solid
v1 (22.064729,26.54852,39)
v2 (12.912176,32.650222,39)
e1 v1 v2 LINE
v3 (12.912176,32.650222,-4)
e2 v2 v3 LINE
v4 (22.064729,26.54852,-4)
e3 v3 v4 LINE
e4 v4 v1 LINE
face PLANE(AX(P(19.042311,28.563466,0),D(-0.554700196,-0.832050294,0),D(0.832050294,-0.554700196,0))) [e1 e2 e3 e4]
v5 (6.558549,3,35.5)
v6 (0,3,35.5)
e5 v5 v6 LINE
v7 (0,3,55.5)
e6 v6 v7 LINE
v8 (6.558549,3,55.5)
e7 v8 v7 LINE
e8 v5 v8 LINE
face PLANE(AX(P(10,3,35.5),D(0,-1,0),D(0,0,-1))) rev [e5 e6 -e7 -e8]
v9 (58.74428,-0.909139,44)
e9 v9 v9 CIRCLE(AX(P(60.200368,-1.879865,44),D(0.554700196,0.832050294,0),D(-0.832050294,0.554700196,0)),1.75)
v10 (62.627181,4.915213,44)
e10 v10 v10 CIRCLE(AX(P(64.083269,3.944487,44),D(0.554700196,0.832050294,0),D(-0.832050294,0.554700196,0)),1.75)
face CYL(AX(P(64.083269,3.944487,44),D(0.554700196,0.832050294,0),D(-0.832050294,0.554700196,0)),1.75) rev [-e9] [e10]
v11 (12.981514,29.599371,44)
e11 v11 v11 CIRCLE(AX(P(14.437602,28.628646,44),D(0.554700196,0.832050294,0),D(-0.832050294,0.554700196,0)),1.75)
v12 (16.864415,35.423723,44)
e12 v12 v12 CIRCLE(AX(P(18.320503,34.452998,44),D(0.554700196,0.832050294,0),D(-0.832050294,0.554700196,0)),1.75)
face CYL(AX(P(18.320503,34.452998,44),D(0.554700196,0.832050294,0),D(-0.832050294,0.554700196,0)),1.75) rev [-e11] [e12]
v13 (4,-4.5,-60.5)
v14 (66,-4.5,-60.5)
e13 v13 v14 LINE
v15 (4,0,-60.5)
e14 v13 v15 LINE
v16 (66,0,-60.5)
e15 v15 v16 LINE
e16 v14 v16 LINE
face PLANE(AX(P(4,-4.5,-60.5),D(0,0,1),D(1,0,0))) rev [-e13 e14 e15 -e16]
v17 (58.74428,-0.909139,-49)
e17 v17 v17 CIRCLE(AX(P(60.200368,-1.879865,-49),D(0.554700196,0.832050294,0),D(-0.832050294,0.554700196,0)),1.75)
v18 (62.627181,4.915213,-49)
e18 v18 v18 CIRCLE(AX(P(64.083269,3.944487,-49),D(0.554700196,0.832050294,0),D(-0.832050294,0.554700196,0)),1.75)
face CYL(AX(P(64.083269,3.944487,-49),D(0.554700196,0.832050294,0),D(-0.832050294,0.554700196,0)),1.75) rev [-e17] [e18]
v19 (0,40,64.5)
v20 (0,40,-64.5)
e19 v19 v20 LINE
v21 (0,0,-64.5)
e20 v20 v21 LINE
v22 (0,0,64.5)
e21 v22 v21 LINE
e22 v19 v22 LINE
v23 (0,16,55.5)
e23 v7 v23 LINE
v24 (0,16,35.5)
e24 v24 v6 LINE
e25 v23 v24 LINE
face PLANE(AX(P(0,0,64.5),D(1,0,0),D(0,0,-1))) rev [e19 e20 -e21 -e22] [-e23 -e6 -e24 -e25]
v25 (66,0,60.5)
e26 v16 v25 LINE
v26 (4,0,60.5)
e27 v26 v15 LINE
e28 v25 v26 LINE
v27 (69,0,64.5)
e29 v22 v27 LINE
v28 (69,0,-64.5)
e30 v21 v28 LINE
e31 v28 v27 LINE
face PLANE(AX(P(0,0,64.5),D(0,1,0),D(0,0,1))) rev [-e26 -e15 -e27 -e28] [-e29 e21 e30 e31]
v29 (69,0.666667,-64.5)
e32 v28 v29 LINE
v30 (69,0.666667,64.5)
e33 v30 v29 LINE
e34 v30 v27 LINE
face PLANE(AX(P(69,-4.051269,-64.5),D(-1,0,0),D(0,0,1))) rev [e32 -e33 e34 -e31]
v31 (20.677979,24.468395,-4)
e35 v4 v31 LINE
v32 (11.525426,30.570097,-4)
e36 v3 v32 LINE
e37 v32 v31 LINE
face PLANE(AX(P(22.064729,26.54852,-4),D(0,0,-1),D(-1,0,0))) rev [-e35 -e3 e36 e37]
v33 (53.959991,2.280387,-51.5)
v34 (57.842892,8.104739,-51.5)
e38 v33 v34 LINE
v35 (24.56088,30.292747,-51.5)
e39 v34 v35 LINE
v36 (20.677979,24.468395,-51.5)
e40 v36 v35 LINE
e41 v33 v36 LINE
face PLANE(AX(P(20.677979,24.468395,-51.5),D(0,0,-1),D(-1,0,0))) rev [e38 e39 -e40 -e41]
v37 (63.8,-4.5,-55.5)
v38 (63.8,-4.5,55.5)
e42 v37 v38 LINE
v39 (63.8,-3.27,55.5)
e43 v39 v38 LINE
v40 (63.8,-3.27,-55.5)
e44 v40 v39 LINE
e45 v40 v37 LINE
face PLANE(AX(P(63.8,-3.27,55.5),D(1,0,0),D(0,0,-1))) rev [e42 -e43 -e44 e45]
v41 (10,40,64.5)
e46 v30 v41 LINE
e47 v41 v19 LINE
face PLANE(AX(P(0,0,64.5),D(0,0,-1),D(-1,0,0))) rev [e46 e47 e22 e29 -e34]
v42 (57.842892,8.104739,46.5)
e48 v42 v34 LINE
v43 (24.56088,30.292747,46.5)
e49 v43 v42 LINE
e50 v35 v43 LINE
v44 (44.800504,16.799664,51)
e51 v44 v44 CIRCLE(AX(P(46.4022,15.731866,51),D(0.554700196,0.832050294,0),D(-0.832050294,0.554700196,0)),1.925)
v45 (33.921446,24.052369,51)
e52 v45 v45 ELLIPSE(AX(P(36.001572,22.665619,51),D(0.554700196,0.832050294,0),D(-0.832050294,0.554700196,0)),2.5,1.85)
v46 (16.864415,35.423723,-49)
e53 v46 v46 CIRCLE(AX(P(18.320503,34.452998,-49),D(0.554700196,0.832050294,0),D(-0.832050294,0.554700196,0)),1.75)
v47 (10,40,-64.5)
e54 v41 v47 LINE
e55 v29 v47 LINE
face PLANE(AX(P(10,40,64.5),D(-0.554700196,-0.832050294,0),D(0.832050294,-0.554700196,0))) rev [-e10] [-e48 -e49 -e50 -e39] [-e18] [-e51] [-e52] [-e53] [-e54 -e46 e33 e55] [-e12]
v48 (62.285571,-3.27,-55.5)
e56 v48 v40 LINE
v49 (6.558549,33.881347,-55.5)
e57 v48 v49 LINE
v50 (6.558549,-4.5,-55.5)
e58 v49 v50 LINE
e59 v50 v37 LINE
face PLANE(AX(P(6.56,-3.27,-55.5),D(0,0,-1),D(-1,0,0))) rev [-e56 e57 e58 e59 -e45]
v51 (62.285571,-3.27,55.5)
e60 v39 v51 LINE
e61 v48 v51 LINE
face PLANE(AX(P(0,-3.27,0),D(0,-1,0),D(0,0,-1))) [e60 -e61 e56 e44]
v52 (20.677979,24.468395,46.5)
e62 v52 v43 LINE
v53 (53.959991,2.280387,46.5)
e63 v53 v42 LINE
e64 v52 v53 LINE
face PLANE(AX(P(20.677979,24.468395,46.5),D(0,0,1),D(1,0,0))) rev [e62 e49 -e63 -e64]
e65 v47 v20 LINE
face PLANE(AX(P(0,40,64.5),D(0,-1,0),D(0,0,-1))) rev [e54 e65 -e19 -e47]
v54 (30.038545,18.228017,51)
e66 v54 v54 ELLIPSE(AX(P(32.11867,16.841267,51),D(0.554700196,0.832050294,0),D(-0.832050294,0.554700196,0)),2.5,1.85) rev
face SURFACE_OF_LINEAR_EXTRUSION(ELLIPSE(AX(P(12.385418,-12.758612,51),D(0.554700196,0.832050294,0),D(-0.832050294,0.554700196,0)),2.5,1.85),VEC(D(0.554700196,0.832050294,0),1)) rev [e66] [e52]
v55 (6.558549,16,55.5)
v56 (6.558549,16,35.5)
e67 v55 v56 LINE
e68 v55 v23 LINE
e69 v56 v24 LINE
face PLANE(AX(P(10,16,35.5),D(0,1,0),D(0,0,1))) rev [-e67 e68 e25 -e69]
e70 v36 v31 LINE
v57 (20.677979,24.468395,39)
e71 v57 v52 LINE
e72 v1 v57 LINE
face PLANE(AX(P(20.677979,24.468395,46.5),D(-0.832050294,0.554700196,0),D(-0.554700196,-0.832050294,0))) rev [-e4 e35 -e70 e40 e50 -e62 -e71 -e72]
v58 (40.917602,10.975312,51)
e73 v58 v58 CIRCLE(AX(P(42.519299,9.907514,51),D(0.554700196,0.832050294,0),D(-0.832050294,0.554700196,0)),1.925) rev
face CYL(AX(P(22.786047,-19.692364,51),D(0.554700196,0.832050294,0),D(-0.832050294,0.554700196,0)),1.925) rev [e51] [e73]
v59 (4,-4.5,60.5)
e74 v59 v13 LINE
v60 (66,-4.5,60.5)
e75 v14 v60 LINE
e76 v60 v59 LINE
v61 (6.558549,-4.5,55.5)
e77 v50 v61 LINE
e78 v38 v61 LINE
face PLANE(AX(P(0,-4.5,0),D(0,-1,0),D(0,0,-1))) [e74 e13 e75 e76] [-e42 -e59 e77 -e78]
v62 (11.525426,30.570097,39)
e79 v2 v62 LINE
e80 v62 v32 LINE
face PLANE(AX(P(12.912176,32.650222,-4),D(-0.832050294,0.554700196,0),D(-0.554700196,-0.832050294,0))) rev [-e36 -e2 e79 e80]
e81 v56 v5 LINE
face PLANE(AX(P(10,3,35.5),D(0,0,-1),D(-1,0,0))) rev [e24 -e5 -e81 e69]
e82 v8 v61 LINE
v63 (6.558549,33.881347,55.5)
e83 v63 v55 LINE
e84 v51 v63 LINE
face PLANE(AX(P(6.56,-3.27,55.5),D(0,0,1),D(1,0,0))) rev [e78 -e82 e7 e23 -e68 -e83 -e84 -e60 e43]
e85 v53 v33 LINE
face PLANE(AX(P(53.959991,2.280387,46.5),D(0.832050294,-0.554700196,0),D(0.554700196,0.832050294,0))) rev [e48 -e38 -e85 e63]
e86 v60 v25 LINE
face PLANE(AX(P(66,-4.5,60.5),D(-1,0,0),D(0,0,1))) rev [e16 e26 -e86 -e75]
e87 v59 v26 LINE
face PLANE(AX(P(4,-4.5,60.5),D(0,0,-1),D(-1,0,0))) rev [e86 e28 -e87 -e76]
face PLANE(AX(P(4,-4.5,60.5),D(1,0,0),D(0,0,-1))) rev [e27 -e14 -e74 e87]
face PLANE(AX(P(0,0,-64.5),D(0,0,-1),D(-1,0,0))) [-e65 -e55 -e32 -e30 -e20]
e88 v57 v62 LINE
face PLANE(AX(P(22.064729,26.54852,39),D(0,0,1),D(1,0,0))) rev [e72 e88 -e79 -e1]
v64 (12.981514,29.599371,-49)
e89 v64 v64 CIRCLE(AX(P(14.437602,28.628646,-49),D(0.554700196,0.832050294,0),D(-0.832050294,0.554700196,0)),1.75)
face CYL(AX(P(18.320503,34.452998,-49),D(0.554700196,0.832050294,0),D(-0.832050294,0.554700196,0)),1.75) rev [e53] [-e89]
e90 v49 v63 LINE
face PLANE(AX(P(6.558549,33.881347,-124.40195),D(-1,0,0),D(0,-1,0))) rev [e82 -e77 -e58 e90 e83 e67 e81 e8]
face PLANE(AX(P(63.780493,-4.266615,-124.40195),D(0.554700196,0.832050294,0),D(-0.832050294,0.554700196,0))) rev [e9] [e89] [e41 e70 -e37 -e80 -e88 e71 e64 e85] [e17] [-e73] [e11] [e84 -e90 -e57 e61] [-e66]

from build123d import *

# Parameters (mm, degrees)
BOSS_EXTRUDE1_DEPTH       = 64.5
SKETCH3_W                 = 62
SKETCH3_H                 = 121
BOSS_EXTRUDE3_DEPTH       = 4.5
SKETCH6_W                 = 40
SKETCH6_H                 = 98
CUT_EXTRUDE3_DEPTH        = 7
SKETCH5_W                 = 57.24
SKETCH5_H                 = 111
CUT_EXTRUDE2_DEPTH        = 1.23
CUT_EXTRUDE1_DEPTH        = 111
CUT_EXTRUDE4_REACH        = 90.677
SKETCH7_R                 = 1.925
SKETCH7_RX                = 2.5
SKETCH7_RY                = 1.85
F_1_0MM_DOWEL_HOLE1_D     = 3.5
F_1_0MM_DOWEL_HOLE1_DEPTH = 7
SKETCH10_W                = 20
SKETCH10_H                = 13
CUT_EXTRUDE5_DEPTH        = 10
SKETCH11_W                = 11
SKETCH11_H                = 43
CUT_EXTRUDE6_DEPTH        = 2.5
SKETCH12_W                = 2
SKETCH12_H                = 8.260777535
CUT_EXTRUDE7_DEPTH        = 153.121661837


with BuildPart() as part:
    # Sketch1 → Boss-Extrude1 (new, symmetric)
    with BuildSketch(Plane.XY):
        Polygon((0, 0), (70, 0), (10, 40), (0, 40), align=None)
    extrude(amount=BOSS_EXTRUDE1_DEPTH, both=True)

    # Sketch3 → Boss-Extrude3 (add)
    with BuildSketch(Plane.XZ):
        with Locations((35, 0)):
            Rectangle(SKETCH3_W, SKETCH3_H)
    extrude(amount=BOSS_EXTRUDE3_DEPTH)

    # Sketch6 → Cut-Extrude3 (cut)
    with BuildSketch(Plane(origin=(21.538461538, 32.307692308, 0), x_dir=(0.8320502943378438, -0.5547001962252291, 0), z_dir=(0.5547001962252291, 0.8320502943378438, 0))):
        with Locations((23.632495094, 2.5)):
            Rectangle(SKETCH6_W, SKETCH6_H)
    extrude(amount=-CUT_EXTRUDE3_DEPTH, mode=Mode.SUBTRACT)

    # Sketch5 → Cut-Extrude2 (cut)
    with BuildSketch(Plane.XZ.offset(4.5)):
        with Locations((35.18, 0)):
            Rectangle(SKETCH5_W, SKETCH5_H)
    extrude(amount=-CUT_EXTRUDE2_DEPTH, mode=Mode.SUBTRACT)

    # Sketch4 → Cut-Extrude1 (cut)
    with BuildSketch(Plane.XY.offset(55.5)):
        Polygon((63.780493494, -4.266615306), (6.558549313, 33.881347482), (6.558549313, -4.5), (63.780493494, -4.5), align=None)
    extrude(amount=-CUT_EXTRUDE1_DEPTH, mode=Mode.SUBTRACT)

    # Sketch7 → Cut-Extrude4 (cut, up to next)
    with BuildSketch(Plane(origin=(21.538461538, 32.307692308, 0), x_dir=(0.8320502943378438, -0.5547001962252291, 0), z_dir=(0.5547001962252291, 0.8320502943378438, 0)), mode=Mode.PRIVATE) as cut_extrude4_sk1:
        with Locations(Location((29.882495094, -51, 0), (0, 0, 180))):
            Circle(SKETCH7_R)
    cut_extrude4_tool1 = extrude(cut_extrude4_sk1.sketch, amount=-CUT_EXTRUDE4_REACH, mode=Mode.PRIVATE) & part.part
    # Sketch7 → Cut-Extrude4 (cut, up to next)
    with BuildSketch(Plane(origin=(21.538461538, 32.307692308, 0), x_dir=(0.8320502943378438, -0.5547001962252291, 0), z_dir=(0.5547001962252291, 0.8320502943378438, 0)), mode=Mode.PRIVATE) as cut_extrude4_sk2:
        with Locations((17.382495094, -51)):
            Ellipse(SKETCH7_RX, SKETCH7_RY)
    cut_extrude4_tool2 = extrude(cut_extrude4_sk2.sketch, amount=-CUT_EXTRUDE4_REACH, mode=Mode.PRIVATE) & part.part
    add(cut_extrude4_tool1.solids().sort_by_distance((46.4022, 15.731866, 51))[0], mode=Mode.SUBTRACT)
    add(cut_extrude4_tool2.solids().sort_by_distance((36.001572, 22.665619, 51))[0], mode=Mode.SUBTRACT)

    # Ø1.0mm Dowel Hole1
    with Locations(Plane(origin=(21.538461538, 32.307692308, 0), x_dir=(0.8320502943378438, -0.5547001962252291, 0), z_dir=(0.5547001962252291, 0.8320502943378438, 0))):
        with Locations((-3.867504906, -44), (-3.867504906, 49), (51.132495094, 49), (51.132495094, -44)):
            Hole(F_1_0MM_DOWEL_HOLE1_D / 2, depth=F_1_0MM_DOWEL_HOLE1_DEPTH)

    # Sketch10 → Cut-Extrude5 (cut)
    with BuildSketch(Plane.ZY):
        with Locations((45.5, 9.5)):
            Rectangle(SKETCH10_W, SKETCH10_H)
    extrude(amount=-CUT_EXTRUDE5_DEPTH, mode=Mode.SUBTRACT)

    # Sketch11 → Cut-Extrude6 (cut)
    with BuildSketch(Plane(origin=(17.655560165, 26.483340247, 0), x_dir=(0.8320502943378436, -0.5547001962252294, 0), z_dir=(-0.5547001962252293, -0.8320502943378435, 0))):
        with Locations((-1.867504906, 17.5)):
            Rectangle(SKETCH11_W, SKETCH11_H)
    extrude(amount=-CUT_EXTRUDE6_DEPTH, mode=Mode.SUBTRACT)

    # Sketch12 → Cut-Extrude7 (cut, through all)
    with BuildSketch(Plane.XY.offset(64.5)):
        with Locations((70, 0.079119359)):
            Rectangle(SKETCH12_W, SKETCH12_H)
    extrude(amount=-CUT_EXTRUDE7_DEPTH, mode=Mode.SUBTRACT)


solid = part.part
